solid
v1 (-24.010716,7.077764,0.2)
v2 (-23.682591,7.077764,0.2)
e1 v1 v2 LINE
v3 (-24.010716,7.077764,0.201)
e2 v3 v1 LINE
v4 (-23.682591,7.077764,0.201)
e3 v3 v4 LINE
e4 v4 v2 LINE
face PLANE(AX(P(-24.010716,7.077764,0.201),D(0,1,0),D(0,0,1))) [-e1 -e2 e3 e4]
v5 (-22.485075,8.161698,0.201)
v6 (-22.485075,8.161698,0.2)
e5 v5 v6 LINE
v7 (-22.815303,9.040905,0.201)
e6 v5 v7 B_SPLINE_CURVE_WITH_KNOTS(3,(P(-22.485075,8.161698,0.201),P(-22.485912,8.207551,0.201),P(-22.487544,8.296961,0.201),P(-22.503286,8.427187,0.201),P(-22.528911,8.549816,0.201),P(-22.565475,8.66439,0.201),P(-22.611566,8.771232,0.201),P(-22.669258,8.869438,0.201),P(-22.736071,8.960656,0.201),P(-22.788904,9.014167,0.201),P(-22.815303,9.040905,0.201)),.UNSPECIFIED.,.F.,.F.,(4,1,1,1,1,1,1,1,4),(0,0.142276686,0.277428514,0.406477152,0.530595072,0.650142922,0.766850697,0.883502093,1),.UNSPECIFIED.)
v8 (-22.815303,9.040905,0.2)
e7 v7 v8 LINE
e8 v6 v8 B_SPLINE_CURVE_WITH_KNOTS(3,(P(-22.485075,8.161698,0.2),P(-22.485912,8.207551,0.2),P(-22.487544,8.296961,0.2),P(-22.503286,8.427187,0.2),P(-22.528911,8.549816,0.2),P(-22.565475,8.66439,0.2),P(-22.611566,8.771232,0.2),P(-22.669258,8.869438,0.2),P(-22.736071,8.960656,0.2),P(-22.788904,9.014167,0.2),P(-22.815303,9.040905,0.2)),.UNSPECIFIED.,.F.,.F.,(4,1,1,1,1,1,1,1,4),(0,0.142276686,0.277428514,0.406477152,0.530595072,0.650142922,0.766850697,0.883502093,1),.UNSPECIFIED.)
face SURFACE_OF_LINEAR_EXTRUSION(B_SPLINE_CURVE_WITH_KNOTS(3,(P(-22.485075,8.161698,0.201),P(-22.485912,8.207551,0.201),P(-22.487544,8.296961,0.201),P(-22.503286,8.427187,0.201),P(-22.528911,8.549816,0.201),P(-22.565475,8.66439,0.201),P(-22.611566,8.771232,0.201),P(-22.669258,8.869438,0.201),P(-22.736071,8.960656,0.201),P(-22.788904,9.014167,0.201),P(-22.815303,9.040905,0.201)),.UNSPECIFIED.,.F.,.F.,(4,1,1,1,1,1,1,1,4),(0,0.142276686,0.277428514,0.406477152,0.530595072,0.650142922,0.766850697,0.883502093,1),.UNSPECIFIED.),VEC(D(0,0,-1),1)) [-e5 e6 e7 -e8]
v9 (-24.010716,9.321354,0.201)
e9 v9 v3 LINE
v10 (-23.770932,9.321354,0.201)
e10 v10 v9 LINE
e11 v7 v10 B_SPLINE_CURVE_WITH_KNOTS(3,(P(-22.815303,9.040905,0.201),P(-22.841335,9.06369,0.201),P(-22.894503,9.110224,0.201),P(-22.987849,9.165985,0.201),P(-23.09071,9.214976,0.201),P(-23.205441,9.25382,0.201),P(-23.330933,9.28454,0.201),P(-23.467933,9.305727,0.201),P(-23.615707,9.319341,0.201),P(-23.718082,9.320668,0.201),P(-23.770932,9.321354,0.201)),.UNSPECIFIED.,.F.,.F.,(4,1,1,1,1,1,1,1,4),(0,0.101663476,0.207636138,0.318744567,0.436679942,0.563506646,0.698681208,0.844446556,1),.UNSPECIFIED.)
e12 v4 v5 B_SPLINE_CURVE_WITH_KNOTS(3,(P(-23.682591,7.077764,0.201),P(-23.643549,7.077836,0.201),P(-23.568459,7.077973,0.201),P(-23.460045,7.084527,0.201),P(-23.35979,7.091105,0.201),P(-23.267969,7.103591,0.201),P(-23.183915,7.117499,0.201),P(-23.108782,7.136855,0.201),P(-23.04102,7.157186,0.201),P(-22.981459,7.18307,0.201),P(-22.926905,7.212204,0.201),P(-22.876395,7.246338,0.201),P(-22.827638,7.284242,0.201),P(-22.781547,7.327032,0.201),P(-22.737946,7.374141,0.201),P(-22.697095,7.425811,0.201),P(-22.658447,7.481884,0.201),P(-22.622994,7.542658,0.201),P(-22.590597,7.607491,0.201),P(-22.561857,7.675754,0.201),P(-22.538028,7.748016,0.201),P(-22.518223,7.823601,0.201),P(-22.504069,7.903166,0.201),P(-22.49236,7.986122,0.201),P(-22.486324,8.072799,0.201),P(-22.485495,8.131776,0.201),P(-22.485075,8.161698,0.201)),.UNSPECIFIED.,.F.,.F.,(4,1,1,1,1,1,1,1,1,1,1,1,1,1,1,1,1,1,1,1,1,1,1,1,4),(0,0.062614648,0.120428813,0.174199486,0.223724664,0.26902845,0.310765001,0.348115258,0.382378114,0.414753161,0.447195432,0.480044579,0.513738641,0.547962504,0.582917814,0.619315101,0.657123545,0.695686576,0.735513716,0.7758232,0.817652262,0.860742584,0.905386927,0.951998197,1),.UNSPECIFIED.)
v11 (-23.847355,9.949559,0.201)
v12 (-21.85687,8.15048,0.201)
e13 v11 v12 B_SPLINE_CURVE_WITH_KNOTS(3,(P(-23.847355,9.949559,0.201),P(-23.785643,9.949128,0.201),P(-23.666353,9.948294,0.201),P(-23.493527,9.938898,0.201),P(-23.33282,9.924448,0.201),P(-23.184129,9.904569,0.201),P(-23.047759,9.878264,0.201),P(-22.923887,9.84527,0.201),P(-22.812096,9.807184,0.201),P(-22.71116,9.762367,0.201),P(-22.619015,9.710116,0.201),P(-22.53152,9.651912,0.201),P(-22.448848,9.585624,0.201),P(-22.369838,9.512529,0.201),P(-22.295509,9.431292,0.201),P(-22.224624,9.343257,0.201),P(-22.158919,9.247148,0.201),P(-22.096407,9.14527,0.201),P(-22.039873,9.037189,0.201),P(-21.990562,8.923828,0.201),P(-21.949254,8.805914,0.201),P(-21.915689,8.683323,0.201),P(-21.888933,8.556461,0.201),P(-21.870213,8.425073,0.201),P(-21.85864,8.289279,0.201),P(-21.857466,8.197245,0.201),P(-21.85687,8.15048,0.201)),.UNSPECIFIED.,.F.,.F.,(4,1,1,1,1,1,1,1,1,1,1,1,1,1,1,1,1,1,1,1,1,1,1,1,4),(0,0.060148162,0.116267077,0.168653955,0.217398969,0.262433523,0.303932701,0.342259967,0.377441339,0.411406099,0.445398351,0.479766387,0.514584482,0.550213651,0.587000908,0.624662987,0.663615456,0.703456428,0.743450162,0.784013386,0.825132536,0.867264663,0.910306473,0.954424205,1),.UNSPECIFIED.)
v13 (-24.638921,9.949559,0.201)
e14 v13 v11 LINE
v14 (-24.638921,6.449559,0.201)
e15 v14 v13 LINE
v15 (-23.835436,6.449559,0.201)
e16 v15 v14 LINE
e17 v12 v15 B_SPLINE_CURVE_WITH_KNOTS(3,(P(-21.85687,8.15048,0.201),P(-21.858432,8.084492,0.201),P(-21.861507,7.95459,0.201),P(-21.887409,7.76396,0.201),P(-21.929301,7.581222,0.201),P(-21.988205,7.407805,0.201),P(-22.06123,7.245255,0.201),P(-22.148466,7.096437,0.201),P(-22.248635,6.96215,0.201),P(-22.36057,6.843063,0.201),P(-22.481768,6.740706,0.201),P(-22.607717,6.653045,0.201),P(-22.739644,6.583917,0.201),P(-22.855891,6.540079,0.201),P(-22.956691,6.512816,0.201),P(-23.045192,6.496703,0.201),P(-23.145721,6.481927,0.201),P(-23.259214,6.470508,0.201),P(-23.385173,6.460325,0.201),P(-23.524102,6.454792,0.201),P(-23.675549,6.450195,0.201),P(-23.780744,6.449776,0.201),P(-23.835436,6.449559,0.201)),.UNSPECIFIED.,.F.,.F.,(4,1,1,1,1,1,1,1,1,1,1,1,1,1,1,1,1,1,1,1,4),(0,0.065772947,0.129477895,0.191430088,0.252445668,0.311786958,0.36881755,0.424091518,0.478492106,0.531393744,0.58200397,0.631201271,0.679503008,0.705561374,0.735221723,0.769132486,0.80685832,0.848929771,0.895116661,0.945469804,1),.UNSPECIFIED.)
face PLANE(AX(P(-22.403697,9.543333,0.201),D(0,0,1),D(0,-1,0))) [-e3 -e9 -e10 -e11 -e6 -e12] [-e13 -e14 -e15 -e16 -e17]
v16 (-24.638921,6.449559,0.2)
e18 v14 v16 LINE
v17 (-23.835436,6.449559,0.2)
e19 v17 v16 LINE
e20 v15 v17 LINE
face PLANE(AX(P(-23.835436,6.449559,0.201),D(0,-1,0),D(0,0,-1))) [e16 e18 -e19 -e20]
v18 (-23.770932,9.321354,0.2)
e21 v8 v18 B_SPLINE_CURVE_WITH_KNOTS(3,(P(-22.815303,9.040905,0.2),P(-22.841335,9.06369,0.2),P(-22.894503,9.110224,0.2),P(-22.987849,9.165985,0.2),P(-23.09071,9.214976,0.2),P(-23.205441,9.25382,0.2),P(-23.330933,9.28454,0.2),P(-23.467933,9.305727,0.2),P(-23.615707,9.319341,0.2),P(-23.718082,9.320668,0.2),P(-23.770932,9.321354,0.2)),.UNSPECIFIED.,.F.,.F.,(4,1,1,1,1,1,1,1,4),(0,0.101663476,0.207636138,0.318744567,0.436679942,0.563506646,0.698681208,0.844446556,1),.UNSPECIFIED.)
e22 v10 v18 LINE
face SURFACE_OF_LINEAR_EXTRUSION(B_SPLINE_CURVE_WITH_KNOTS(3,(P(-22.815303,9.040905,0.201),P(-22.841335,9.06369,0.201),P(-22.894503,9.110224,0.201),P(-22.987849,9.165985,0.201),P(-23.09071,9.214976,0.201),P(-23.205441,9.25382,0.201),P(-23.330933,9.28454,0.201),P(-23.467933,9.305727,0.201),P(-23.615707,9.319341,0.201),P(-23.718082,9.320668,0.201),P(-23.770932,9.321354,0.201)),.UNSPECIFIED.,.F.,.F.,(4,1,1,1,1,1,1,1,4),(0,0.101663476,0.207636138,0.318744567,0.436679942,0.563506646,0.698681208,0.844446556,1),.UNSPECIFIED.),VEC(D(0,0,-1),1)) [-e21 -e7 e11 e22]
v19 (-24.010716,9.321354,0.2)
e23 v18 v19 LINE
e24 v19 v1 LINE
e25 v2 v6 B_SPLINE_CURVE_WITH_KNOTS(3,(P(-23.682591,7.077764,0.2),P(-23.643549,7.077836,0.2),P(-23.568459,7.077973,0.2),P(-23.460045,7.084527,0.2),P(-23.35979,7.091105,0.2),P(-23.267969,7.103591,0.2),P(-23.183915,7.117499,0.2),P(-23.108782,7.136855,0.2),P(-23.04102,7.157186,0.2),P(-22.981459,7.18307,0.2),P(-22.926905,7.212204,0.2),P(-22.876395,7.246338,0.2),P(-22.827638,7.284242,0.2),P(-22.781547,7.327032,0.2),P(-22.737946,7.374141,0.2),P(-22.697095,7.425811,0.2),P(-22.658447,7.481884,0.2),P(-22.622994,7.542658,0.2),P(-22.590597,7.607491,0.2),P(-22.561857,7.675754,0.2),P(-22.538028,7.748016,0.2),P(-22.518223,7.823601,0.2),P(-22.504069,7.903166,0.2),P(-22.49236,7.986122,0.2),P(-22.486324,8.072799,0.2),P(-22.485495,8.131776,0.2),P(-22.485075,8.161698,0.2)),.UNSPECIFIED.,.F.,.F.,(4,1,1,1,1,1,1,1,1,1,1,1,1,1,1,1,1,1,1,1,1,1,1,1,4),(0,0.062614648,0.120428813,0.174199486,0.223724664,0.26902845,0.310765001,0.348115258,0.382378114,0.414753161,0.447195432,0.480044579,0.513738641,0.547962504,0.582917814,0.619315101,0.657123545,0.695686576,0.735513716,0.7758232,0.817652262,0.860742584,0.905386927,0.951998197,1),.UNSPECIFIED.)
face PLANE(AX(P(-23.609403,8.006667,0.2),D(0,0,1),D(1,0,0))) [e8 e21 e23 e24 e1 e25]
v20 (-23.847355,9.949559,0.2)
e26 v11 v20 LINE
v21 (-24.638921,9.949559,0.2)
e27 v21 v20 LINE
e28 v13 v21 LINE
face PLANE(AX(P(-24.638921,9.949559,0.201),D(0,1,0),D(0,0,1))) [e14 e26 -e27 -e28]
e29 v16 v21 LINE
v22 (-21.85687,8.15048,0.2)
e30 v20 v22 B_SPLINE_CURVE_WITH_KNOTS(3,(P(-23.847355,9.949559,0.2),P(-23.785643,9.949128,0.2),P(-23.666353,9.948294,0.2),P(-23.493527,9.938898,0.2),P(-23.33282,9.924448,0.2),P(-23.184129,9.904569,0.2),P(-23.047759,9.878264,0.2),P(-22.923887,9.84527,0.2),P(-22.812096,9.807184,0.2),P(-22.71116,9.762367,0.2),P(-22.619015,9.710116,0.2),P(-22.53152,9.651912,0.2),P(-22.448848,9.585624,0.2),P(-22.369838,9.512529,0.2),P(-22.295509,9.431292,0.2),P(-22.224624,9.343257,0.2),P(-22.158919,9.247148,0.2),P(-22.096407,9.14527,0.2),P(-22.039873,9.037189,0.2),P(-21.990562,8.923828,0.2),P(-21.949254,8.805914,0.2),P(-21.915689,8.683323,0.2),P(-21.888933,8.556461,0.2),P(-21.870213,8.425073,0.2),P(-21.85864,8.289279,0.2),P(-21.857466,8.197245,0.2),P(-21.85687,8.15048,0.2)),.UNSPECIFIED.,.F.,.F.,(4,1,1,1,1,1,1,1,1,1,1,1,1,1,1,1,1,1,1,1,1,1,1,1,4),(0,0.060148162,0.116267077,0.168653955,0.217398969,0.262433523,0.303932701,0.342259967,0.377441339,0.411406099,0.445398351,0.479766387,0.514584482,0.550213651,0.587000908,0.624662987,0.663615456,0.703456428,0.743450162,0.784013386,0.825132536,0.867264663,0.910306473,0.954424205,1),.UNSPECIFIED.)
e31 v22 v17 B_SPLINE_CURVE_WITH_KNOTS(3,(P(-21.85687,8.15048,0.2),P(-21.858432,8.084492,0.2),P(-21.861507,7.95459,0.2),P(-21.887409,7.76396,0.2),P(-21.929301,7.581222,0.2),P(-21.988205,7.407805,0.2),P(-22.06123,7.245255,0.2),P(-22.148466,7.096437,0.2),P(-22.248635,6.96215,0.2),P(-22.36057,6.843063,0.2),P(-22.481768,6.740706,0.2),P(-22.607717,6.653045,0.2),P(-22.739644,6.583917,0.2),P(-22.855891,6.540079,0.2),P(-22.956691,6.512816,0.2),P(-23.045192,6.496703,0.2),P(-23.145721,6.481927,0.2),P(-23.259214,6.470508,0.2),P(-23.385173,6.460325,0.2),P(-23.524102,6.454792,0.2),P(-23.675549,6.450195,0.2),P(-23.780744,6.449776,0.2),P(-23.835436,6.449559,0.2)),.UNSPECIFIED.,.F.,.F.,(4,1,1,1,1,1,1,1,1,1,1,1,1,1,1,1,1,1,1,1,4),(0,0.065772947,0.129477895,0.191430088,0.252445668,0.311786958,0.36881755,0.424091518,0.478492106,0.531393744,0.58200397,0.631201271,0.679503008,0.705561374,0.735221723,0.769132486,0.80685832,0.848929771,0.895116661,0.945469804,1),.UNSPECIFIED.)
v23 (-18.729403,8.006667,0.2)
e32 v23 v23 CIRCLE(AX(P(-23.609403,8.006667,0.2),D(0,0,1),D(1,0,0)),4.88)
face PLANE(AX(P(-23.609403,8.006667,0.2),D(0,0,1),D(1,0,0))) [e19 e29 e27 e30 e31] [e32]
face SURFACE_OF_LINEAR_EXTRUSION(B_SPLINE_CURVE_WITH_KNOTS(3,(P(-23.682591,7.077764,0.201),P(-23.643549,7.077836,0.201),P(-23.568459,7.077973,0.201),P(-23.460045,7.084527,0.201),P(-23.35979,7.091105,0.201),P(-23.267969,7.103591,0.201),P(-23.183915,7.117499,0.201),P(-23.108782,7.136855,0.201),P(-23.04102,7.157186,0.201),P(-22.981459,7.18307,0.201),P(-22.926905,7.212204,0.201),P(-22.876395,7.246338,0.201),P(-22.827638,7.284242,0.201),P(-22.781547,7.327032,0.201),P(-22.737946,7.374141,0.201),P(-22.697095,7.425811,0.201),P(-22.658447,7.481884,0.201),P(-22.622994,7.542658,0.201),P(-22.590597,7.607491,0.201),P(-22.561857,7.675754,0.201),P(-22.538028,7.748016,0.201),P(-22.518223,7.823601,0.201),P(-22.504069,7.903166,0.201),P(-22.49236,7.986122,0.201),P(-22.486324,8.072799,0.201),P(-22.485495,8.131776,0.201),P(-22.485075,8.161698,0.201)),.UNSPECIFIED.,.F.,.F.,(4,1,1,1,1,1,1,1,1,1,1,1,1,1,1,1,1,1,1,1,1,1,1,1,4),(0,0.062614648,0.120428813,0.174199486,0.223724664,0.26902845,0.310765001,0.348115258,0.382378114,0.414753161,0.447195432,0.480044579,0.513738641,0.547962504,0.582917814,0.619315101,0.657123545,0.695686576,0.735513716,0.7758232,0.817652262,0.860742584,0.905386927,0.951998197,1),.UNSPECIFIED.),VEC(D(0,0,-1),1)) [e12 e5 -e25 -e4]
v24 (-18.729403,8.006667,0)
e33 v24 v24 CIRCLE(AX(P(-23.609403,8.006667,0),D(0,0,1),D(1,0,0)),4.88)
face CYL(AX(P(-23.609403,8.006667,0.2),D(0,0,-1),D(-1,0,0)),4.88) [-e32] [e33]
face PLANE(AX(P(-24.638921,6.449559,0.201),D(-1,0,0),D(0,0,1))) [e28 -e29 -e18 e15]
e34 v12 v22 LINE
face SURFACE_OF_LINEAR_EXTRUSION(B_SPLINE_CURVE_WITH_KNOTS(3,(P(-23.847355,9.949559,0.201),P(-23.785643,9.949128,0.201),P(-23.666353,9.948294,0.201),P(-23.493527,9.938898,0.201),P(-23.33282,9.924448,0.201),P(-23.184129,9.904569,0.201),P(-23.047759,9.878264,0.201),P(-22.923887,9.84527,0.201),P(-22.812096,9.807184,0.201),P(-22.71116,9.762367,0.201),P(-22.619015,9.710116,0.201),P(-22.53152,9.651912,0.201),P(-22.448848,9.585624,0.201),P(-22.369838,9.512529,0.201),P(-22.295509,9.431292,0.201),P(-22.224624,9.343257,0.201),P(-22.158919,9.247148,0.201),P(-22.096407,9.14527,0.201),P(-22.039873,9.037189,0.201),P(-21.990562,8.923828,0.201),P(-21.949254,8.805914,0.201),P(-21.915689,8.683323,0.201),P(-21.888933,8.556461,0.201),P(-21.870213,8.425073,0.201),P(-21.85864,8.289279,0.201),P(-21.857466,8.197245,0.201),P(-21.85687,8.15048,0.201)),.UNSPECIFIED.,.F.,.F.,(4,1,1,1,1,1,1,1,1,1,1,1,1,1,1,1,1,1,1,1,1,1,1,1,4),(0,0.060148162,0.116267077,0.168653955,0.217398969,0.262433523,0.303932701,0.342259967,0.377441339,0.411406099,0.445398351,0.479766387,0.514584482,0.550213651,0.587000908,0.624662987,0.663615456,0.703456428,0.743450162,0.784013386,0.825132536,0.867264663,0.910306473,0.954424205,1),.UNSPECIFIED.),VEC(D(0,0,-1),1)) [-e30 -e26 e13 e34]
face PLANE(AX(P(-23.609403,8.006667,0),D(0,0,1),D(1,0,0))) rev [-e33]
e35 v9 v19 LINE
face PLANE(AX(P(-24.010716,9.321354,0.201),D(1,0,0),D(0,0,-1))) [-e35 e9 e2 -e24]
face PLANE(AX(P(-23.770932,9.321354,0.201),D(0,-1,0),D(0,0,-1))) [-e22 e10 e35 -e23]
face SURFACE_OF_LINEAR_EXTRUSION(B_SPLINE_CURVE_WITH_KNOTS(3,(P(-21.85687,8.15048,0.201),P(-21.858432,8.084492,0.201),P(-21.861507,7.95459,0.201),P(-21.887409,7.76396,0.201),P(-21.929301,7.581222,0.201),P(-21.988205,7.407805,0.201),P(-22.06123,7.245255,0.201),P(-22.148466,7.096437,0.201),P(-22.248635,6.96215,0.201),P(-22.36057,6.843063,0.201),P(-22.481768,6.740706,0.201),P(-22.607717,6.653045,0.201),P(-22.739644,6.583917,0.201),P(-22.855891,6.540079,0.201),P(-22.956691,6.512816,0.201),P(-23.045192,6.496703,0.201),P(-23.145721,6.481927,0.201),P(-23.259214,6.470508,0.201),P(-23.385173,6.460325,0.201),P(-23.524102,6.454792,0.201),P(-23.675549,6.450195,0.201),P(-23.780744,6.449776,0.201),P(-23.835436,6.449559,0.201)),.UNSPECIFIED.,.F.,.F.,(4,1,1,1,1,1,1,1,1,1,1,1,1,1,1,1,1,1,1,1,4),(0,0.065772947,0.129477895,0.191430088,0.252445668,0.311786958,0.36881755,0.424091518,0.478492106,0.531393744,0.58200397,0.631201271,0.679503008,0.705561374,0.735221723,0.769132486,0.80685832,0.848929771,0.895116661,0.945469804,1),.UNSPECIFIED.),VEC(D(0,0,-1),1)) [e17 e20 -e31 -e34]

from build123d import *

# Parameters (mm, degrees)
SKETCH1_R           = 4.88
BOSS_EXTRUDE1_DEPTH = 0.2
BOSS_EXTRUDE2_DEPTH = 0.001


with BuildPart() as part:
    # Sketch1 → Boss-Extrude1 (new body)
    with BuildSketch(Plane.XY):
        with Locations((-23.609402801, 8.006667037)):
            Circle(SKETCH1_R)
    extrude(amount=BOSS_EXTRUDE1_DEPTH)

    # Sketch2 → Boss-Extrude2 (add)
    with BuildSketch(Plane.XY.offset(0.2)):
        with BuildLine():
            Line((-24.638921092, 9.949558898), (-23.847354586, 9.949558898))
            add(Edge.make_bspline(
                [(-23.847354586, 9.949558898), (-23.785642872, 9.949127512), (-23.666353431, 9.948293638), (-23.493526632, 9.938897884), (-23.3328197, 9.92444788), (-23.184129043, 9.904569281), (-23.047759499, 9.878264451), (-22.923886914, 9.845270197), (-22.812095543, 9.80718382), (-22.711159616, 9.762367469), (-22.619014823, 9.710116054), (-22.531520401, 9.651912174), (-22.448848143, 9.585623648), (-22.369837876, 9.512529316), (-22.295509243, 9.431291939), (-22.224624407, 9.343257102), (-22.158918949, 9.247148179), (-22.096406736, 9.145269558), (-22.039872757, 9.037189487), (-21.990561709, 8.923827923), (-21.949253545, 8.805914387), (-21.915688522, 8.683323216), (-21.888933325, 8.556461375), (-21.870213253, 8.425072869), (-21.858640318, 8.28927934), (-21.857466341, 8.197245399), (-21.85686981, 8.150480373)],
                knots=[0, 0, 0, 0, 1.44355588, 2.790409838, 4.047694926, 5.217575253, 6.298404546, 7.294384826, 8.214239204, 9.058592145, 9.873746385, 10.689560431, 11.514393297, 12.350027578, 13.205127629, 14.088021785, 14.991911688, 15.926770944, 16.882954281, 17.842803888, 18.816321264, 19.80318086, 20.814351908, 21.847355356, 22.906180909, 24, 24, 24, 24], degree=3))
            add(Edge.make_bspline(
                [(-21.85686981, 8.150480373), (-21.85843185, 8.084491877), (-21.861506817, 7.954589661), (-21.88740862, 7.763959656), (-21.929300607, 7.581221782), (-21.988204545, 7.407805488), (-22.06122966, 7.245255069), (-22.148466338, 7.096437035), (-22.248635484, 6.962150166), (-22.360570124, 6.8430631), (-22.481768076, 6.740706152), (-22.607717189, 6.653044917), (-22.739644436, 6.583916719), (-22.855890777, 6.540079104), (-22.956690858, 6.5128159), (-23.045192238, 6.496703084), (-23.145720776, 6.481926659), (-23.259213813, 6.470507757), (-23.38517348, 6.460324902), (-23.524101853, 6.454791935), (-23.675549121, 6.45019486), (-23.780743569, 6.44977644), (-23.835435515, 6.449558898)],
                knots=[0, 0, 0, 0, 1.315458931, 2.589557908, 3.828601765, 5.048913369, 6.235739168, 7.376350998, 8.481830359, 9.569842114, 10.627874879, 11.640079404, 12.624025415, 13.590060155, 14.111227486, 14.704434459, 15.382649715, 16.137166398, 16.978595427, 17.902333227, 18.909396075, 20, 20, 20, 20], degree=3))
            Line((-23.835435515, 6.449558898), (-24.638921092, 6.449558898))
            Line((-24.638921092, 6.449558898), (-24.638921092, 9.949558898))
        make_face()
        with BuildLine():
            Line((-24.010715964, 9.32135377), (-24.010715964, 7.077764027))
            Line((-24.010715964, 7.077764027), (-23.682590964, 7.077764027))
            add(Edge.make_bspline(
                [(-23.682590964, 7.077764027), (-23.643549128, 7.077835567), (-23.568458681, 7.077973164), (-23.460045072, 7.084527018), (-23.359789974, 7.09110528), (-23.267969364, 7.103591041), (-23.183915, 7.1174993), (-23.10878157, 7.136854547), (-23.041020248, 7.157185594), (-22.981458724, 7.183069538), (-22.92690522, 7.212203639), (-22.876394908, 7.246337615), (-22.827638314, 7.284242109), (-22.781546984, 7.327031945), (-22.737946472, 7.374140505), (-22.697094746, 7.425810519), (-22.658446545, 7.48188434), (-22.622993894, 7.542658445), (-22.590597072, 7.607491044), (-22.56185746, 7.675754141), (-22.538028081, 7.748016219), (-22.518222561, 7.823600818), (-22.50406927, 7.903165988), (-22.492360122, 7.986122401), (-22.486323715, 8.072798724), (-22.485495256, 8.131776191), (-22.485074938, 8.161698321)],
                knots=[0, 0, 0, 0, 1.50275155, 2.890291501, 4.180787663, 5.369391935, 6.45668281, 7.458360028, 8.354766181, 9.177074746, 9.954075863, 10.732690366, 11.5210699, 12.329727389, 13.151100085, 13.990027547, 14.863562427, 15.770965086, 16.696477834, 17.652329173, 18.619756807, 19.62365428, 20.657822005, 21.729286259, 22.847956731, 24, 24, 24, 24], degree=3))
            add(Edge.make_bspline(
                [(-22.485074938, 8.161698321), (-22.485912068, 8.207551158), (-22.487544407, 8.296960637), (-22.503286326, 8.427187495), (-22.528911167, 8.54981559), (-22.565475347, 8.664389817), (-22.611565628, 8.77123219), (-22.66925836, 8.869437527), (-22.736070668, 8.960655544), (-22.788904019, 9.014166959), (-22.815303304, 9.040905052)],
                knots=[0, 0, 0, 0, 1.13821349, 2.219428113, 3.251817212, 4.244760574, 5.201143372, 6.134805572, 7.068016741, 8, 8, 8, 8], degree=3))
            add(Edge.make_bspline(
                [(-22.815303304, 9.040905052), (-22.841335498, 9.063689523), (-22.894503307, 9.110224223), (-22.987848507, 9.165984695), (-23.090710084, 9.214975736), (-23.205441201, 9.253820167), (-23.330933033, 9.284539999), (-23.467933013, 9.305726716), (-23.615707474, 9.319341076), (-23.718082178, 9.320668499), (-23.77093231, 9.32135377)],
                knots=[0, 0, 0, 0, 0.813307809, 1.661089106, 2.549956539, 3.493439533, 4.508053171, 5.589449661, 6.755572447, 8, 8, 8, 8], degree=3))
            Line((-23.77093231, 9.32135377), (-24.010715964, 9.32135377))
        make_face(mode=Mode.SUBTRACT)
    extrude(amount=BOSS_EXTRUDE2_DEPTH)


solid = part.part
